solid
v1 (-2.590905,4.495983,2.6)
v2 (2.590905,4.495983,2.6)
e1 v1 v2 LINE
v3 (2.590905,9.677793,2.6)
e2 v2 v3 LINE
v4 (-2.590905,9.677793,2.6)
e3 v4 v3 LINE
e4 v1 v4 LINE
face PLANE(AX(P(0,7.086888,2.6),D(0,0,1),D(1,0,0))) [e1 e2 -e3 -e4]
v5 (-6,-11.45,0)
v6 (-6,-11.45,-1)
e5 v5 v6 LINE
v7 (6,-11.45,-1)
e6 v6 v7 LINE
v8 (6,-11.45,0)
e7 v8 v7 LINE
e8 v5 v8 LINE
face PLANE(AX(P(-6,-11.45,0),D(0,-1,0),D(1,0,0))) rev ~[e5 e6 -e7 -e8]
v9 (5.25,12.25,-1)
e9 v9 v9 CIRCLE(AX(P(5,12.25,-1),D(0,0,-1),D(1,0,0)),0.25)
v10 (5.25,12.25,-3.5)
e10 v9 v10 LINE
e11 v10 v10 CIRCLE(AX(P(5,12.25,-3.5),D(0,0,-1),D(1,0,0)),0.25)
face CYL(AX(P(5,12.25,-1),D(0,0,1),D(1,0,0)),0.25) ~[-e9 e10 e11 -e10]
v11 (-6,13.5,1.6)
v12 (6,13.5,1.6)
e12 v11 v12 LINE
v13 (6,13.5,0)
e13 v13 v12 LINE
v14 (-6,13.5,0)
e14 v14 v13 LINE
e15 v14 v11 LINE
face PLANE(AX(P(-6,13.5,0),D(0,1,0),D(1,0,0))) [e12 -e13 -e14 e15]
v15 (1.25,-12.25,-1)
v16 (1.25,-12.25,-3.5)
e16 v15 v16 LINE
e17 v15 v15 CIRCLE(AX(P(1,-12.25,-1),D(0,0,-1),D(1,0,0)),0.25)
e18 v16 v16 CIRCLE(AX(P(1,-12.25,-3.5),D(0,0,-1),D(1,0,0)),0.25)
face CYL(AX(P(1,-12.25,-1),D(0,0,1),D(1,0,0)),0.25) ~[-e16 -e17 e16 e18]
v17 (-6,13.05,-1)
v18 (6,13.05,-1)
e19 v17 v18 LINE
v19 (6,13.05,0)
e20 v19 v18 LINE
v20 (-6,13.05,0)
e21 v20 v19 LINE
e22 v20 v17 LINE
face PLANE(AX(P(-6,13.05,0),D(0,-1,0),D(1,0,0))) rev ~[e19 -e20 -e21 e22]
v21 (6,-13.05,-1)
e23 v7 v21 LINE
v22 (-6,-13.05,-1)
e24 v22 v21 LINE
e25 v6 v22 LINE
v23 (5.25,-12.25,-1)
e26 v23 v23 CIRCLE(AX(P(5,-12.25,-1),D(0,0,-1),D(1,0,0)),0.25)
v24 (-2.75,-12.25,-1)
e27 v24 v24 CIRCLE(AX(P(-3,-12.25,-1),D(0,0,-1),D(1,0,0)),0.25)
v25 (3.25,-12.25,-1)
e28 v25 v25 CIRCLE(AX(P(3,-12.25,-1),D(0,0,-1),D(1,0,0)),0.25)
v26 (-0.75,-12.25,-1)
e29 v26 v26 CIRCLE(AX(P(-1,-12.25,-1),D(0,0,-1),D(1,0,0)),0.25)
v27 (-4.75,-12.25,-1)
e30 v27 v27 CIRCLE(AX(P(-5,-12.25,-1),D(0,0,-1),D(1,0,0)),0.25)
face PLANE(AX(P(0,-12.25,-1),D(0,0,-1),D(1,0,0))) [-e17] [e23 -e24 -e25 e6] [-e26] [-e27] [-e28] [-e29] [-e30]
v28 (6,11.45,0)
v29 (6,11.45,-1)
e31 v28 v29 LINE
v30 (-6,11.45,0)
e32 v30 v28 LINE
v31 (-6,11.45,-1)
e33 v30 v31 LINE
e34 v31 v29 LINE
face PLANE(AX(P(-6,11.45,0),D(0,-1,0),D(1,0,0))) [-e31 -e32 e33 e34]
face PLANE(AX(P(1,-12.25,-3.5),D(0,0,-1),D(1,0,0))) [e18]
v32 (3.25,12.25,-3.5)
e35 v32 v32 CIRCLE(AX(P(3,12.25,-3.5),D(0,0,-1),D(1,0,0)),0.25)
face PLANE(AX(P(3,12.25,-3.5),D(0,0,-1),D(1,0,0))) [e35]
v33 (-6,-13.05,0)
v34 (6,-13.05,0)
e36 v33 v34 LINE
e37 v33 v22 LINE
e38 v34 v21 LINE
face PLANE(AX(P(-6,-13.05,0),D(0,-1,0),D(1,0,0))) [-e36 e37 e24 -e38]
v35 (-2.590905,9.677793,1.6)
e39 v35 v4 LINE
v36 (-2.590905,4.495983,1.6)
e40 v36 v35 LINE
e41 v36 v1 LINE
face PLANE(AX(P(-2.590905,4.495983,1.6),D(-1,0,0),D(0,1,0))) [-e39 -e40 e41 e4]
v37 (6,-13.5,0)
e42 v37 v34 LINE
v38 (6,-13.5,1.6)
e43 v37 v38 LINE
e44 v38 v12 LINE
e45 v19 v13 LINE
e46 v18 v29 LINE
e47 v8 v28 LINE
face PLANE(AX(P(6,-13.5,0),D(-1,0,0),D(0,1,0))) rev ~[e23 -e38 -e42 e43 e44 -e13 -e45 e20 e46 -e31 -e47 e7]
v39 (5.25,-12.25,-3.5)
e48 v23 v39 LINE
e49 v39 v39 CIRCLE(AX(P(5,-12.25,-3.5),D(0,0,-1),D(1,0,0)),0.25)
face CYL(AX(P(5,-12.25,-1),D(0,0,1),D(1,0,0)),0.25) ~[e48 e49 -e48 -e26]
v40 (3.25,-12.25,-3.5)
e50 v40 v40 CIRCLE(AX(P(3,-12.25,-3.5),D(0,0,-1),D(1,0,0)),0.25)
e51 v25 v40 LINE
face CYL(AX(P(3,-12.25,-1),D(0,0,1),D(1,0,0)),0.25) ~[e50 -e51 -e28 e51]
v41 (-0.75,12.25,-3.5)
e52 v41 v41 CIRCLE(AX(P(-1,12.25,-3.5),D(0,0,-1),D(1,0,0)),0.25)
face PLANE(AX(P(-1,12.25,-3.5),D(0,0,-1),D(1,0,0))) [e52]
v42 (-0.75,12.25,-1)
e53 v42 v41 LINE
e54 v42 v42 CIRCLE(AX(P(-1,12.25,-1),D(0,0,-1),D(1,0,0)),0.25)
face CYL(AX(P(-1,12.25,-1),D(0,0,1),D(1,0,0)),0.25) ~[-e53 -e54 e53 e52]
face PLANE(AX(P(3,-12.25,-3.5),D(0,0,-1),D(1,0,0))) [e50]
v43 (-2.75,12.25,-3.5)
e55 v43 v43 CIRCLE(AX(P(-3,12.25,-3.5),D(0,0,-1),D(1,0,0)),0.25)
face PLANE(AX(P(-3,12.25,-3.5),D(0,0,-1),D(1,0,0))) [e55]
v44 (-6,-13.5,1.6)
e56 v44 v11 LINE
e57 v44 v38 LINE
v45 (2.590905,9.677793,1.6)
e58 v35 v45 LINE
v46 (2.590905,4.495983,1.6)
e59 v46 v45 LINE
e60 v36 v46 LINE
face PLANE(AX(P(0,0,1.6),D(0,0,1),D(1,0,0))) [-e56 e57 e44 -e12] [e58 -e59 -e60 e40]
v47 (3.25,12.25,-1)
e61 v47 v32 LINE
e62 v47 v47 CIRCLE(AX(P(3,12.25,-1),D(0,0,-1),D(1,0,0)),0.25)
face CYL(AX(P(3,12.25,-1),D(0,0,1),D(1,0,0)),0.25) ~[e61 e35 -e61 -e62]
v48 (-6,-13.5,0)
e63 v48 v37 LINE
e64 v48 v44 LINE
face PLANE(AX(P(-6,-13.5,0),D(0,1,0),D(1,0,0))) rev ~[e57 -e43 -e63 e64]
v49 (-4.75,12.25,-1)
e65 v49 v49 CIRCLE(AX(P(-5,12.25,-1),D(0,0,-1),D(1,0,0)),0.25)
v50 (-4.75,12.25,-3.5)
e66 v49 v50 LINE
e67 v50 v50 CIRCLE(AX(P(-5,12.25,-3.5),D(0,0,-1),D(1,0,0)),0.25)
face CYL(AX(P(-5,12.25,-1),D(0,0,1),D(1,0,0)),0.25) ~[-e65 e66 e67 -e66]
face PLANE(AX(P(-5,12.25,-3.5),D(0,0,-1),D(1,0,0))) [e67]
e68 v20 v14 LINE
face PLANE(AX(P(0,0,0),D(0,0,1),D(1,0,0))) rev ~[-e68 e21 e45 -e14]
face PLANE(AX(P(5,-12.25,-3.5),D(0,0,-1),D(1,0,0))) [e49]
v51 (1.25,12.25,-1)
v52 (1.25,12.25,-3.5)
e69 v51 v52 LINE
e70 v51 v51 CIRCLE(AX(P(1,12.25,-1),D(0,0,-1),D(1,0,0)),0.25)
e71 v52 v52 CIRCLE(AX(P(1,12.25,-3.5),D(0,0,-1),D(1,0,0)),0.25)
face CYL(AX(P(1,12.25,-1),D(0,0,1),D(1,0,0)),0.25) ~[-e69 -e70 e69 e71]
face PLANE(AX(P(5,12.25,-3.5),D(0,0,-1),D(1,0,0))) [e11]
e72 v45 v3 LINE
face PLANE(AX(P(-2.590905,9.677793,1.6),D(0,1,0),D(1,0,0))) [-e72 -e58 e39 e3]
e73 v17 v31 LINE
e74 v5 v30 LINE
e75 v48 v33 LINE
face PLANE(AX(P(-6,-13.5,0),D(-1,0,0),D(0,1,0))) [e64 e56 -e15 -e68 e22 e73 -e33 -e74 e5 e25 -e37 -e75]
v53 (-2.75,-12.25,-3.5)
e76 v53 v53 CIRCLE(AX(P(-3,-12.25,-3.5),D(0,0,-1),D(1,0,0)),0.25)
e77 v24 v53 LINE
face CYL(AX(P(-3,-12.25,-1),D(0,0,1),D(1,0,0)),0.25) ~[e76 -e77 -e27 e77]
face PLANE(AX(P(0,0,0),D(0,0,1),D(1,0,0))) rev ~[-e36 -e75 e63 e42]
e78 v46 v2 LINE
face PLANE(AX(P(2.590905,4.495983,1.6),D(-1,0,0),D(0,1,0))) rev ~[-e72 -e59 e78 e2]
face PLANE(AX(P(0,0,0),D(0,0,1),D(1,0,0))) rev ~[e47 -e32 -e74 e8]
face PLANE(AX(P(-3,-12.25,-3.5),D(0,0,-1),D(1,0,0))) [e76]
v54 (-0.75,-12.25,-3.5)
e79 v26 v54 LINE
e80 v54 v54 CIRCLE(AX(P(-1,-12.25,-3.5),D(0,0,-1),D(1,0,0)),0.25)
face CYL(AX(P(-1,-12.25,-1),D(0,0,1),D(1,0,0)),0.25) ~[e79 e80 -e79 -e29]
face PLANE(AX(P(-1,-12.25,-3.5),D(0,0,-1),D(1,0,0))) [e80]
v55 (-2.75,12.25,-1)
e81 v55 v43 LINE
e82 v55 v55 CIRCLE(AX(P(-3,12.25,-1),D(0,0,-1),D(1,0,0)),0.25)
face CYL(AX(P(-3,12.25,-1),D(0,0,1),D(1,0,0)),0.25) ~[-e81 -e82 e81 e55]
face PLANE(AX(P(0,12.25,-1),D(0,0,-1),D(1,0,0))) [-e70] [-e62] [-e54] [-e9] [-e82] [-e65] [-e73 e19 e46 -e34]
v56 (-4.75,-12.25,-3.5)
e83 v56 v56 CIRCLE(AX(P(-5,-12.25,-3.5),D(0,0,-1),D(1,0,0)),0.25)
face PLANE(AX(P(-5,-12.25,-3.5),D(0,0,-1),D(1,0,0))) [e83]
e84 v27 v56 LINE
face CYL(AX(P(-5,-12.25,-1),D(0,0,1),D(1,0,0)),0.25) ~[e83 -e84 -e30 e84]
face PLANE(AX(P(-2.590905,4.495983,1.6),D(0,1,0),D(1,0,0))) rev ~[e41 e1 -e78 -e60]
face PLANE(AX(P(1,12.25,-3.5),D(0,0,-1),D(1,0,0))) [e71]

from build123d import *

# Parameters (mm, degrees)
F0_W     = 12
F0_H     = 27
F1_DEPTH = 1.6
F2_W     = 12
F2_H     = 1.6
F3_DEPTH = 1
F4_R     = 0.25
F5_DEPTH = 2.5
F6_W     = 5.18181
F6_H     = 5.181811
F7_DEPTH = 1


with BuildPart() as f1:
    # F0 (on Top) → F1 (new body)
    with BuildSketch(Plane.XY):
        Rectangle(F0_W, F0_H)
    extrude(amount=F1_DEPTH)

    # F2 (on face) → F3 (join)
    with BuildSketch(Plane(origin=(0, 0, 0), x_dir=(1, 0, 0), z_dir=(0, 0, -1))):
        with Locations((0, -12.25)):
            Rectangle(F2_W, F2_H)
        with Locations((0, 12.25)):
            Rectangle(F2_W, F2_H)
    extrude(amount=F3_DEPTH)

    # F4 (on face) → F5 (join)
    with BuildSketch(Plane(origin=(0, 0, -1), x_dir=(1, 0, 0), z_dir=(0, 0, -1))):
        with Locations((-5, -12.25)):
            Circle(F4_R)
        with Locations((-5, 12.25)):
            Circle(F4_R)
        with Locations((-3, -12.25)):
            Circle(F4_R)
        with Locations((-3, 12.25)):
            Circle(F4_R)
        with Locations((-1, -12.25)):
            Circle(F4_R)
        with Locations((-1, 12.25)):
            Circle(F4_R)
        with Locations((1, -12.25)):
            Circle(F4_R)
        with Locations((1, 12.25)):
            Circle(F4_R)
        with Locations((3, -12.25)):
            Circle(F4_R)
        with Locations((3, 12.25)):
            Circle(F4_R)
        with Locations((5, -12.25)):
            Circle(F4_R)
        with Locations((5, 12.25)):
            Circle(F4_R)
    extrude(amount=F5_DEPTH)

    # F6 (on face) → F7 (join)
    with BuildSketch(Plane.XY.offset(1.6)):
        with Locations((0, 7.086888)):
            Rectangle(F6_W, F6_H)
    extrude(amount=F7_DEPTH)


solid = f1.part
